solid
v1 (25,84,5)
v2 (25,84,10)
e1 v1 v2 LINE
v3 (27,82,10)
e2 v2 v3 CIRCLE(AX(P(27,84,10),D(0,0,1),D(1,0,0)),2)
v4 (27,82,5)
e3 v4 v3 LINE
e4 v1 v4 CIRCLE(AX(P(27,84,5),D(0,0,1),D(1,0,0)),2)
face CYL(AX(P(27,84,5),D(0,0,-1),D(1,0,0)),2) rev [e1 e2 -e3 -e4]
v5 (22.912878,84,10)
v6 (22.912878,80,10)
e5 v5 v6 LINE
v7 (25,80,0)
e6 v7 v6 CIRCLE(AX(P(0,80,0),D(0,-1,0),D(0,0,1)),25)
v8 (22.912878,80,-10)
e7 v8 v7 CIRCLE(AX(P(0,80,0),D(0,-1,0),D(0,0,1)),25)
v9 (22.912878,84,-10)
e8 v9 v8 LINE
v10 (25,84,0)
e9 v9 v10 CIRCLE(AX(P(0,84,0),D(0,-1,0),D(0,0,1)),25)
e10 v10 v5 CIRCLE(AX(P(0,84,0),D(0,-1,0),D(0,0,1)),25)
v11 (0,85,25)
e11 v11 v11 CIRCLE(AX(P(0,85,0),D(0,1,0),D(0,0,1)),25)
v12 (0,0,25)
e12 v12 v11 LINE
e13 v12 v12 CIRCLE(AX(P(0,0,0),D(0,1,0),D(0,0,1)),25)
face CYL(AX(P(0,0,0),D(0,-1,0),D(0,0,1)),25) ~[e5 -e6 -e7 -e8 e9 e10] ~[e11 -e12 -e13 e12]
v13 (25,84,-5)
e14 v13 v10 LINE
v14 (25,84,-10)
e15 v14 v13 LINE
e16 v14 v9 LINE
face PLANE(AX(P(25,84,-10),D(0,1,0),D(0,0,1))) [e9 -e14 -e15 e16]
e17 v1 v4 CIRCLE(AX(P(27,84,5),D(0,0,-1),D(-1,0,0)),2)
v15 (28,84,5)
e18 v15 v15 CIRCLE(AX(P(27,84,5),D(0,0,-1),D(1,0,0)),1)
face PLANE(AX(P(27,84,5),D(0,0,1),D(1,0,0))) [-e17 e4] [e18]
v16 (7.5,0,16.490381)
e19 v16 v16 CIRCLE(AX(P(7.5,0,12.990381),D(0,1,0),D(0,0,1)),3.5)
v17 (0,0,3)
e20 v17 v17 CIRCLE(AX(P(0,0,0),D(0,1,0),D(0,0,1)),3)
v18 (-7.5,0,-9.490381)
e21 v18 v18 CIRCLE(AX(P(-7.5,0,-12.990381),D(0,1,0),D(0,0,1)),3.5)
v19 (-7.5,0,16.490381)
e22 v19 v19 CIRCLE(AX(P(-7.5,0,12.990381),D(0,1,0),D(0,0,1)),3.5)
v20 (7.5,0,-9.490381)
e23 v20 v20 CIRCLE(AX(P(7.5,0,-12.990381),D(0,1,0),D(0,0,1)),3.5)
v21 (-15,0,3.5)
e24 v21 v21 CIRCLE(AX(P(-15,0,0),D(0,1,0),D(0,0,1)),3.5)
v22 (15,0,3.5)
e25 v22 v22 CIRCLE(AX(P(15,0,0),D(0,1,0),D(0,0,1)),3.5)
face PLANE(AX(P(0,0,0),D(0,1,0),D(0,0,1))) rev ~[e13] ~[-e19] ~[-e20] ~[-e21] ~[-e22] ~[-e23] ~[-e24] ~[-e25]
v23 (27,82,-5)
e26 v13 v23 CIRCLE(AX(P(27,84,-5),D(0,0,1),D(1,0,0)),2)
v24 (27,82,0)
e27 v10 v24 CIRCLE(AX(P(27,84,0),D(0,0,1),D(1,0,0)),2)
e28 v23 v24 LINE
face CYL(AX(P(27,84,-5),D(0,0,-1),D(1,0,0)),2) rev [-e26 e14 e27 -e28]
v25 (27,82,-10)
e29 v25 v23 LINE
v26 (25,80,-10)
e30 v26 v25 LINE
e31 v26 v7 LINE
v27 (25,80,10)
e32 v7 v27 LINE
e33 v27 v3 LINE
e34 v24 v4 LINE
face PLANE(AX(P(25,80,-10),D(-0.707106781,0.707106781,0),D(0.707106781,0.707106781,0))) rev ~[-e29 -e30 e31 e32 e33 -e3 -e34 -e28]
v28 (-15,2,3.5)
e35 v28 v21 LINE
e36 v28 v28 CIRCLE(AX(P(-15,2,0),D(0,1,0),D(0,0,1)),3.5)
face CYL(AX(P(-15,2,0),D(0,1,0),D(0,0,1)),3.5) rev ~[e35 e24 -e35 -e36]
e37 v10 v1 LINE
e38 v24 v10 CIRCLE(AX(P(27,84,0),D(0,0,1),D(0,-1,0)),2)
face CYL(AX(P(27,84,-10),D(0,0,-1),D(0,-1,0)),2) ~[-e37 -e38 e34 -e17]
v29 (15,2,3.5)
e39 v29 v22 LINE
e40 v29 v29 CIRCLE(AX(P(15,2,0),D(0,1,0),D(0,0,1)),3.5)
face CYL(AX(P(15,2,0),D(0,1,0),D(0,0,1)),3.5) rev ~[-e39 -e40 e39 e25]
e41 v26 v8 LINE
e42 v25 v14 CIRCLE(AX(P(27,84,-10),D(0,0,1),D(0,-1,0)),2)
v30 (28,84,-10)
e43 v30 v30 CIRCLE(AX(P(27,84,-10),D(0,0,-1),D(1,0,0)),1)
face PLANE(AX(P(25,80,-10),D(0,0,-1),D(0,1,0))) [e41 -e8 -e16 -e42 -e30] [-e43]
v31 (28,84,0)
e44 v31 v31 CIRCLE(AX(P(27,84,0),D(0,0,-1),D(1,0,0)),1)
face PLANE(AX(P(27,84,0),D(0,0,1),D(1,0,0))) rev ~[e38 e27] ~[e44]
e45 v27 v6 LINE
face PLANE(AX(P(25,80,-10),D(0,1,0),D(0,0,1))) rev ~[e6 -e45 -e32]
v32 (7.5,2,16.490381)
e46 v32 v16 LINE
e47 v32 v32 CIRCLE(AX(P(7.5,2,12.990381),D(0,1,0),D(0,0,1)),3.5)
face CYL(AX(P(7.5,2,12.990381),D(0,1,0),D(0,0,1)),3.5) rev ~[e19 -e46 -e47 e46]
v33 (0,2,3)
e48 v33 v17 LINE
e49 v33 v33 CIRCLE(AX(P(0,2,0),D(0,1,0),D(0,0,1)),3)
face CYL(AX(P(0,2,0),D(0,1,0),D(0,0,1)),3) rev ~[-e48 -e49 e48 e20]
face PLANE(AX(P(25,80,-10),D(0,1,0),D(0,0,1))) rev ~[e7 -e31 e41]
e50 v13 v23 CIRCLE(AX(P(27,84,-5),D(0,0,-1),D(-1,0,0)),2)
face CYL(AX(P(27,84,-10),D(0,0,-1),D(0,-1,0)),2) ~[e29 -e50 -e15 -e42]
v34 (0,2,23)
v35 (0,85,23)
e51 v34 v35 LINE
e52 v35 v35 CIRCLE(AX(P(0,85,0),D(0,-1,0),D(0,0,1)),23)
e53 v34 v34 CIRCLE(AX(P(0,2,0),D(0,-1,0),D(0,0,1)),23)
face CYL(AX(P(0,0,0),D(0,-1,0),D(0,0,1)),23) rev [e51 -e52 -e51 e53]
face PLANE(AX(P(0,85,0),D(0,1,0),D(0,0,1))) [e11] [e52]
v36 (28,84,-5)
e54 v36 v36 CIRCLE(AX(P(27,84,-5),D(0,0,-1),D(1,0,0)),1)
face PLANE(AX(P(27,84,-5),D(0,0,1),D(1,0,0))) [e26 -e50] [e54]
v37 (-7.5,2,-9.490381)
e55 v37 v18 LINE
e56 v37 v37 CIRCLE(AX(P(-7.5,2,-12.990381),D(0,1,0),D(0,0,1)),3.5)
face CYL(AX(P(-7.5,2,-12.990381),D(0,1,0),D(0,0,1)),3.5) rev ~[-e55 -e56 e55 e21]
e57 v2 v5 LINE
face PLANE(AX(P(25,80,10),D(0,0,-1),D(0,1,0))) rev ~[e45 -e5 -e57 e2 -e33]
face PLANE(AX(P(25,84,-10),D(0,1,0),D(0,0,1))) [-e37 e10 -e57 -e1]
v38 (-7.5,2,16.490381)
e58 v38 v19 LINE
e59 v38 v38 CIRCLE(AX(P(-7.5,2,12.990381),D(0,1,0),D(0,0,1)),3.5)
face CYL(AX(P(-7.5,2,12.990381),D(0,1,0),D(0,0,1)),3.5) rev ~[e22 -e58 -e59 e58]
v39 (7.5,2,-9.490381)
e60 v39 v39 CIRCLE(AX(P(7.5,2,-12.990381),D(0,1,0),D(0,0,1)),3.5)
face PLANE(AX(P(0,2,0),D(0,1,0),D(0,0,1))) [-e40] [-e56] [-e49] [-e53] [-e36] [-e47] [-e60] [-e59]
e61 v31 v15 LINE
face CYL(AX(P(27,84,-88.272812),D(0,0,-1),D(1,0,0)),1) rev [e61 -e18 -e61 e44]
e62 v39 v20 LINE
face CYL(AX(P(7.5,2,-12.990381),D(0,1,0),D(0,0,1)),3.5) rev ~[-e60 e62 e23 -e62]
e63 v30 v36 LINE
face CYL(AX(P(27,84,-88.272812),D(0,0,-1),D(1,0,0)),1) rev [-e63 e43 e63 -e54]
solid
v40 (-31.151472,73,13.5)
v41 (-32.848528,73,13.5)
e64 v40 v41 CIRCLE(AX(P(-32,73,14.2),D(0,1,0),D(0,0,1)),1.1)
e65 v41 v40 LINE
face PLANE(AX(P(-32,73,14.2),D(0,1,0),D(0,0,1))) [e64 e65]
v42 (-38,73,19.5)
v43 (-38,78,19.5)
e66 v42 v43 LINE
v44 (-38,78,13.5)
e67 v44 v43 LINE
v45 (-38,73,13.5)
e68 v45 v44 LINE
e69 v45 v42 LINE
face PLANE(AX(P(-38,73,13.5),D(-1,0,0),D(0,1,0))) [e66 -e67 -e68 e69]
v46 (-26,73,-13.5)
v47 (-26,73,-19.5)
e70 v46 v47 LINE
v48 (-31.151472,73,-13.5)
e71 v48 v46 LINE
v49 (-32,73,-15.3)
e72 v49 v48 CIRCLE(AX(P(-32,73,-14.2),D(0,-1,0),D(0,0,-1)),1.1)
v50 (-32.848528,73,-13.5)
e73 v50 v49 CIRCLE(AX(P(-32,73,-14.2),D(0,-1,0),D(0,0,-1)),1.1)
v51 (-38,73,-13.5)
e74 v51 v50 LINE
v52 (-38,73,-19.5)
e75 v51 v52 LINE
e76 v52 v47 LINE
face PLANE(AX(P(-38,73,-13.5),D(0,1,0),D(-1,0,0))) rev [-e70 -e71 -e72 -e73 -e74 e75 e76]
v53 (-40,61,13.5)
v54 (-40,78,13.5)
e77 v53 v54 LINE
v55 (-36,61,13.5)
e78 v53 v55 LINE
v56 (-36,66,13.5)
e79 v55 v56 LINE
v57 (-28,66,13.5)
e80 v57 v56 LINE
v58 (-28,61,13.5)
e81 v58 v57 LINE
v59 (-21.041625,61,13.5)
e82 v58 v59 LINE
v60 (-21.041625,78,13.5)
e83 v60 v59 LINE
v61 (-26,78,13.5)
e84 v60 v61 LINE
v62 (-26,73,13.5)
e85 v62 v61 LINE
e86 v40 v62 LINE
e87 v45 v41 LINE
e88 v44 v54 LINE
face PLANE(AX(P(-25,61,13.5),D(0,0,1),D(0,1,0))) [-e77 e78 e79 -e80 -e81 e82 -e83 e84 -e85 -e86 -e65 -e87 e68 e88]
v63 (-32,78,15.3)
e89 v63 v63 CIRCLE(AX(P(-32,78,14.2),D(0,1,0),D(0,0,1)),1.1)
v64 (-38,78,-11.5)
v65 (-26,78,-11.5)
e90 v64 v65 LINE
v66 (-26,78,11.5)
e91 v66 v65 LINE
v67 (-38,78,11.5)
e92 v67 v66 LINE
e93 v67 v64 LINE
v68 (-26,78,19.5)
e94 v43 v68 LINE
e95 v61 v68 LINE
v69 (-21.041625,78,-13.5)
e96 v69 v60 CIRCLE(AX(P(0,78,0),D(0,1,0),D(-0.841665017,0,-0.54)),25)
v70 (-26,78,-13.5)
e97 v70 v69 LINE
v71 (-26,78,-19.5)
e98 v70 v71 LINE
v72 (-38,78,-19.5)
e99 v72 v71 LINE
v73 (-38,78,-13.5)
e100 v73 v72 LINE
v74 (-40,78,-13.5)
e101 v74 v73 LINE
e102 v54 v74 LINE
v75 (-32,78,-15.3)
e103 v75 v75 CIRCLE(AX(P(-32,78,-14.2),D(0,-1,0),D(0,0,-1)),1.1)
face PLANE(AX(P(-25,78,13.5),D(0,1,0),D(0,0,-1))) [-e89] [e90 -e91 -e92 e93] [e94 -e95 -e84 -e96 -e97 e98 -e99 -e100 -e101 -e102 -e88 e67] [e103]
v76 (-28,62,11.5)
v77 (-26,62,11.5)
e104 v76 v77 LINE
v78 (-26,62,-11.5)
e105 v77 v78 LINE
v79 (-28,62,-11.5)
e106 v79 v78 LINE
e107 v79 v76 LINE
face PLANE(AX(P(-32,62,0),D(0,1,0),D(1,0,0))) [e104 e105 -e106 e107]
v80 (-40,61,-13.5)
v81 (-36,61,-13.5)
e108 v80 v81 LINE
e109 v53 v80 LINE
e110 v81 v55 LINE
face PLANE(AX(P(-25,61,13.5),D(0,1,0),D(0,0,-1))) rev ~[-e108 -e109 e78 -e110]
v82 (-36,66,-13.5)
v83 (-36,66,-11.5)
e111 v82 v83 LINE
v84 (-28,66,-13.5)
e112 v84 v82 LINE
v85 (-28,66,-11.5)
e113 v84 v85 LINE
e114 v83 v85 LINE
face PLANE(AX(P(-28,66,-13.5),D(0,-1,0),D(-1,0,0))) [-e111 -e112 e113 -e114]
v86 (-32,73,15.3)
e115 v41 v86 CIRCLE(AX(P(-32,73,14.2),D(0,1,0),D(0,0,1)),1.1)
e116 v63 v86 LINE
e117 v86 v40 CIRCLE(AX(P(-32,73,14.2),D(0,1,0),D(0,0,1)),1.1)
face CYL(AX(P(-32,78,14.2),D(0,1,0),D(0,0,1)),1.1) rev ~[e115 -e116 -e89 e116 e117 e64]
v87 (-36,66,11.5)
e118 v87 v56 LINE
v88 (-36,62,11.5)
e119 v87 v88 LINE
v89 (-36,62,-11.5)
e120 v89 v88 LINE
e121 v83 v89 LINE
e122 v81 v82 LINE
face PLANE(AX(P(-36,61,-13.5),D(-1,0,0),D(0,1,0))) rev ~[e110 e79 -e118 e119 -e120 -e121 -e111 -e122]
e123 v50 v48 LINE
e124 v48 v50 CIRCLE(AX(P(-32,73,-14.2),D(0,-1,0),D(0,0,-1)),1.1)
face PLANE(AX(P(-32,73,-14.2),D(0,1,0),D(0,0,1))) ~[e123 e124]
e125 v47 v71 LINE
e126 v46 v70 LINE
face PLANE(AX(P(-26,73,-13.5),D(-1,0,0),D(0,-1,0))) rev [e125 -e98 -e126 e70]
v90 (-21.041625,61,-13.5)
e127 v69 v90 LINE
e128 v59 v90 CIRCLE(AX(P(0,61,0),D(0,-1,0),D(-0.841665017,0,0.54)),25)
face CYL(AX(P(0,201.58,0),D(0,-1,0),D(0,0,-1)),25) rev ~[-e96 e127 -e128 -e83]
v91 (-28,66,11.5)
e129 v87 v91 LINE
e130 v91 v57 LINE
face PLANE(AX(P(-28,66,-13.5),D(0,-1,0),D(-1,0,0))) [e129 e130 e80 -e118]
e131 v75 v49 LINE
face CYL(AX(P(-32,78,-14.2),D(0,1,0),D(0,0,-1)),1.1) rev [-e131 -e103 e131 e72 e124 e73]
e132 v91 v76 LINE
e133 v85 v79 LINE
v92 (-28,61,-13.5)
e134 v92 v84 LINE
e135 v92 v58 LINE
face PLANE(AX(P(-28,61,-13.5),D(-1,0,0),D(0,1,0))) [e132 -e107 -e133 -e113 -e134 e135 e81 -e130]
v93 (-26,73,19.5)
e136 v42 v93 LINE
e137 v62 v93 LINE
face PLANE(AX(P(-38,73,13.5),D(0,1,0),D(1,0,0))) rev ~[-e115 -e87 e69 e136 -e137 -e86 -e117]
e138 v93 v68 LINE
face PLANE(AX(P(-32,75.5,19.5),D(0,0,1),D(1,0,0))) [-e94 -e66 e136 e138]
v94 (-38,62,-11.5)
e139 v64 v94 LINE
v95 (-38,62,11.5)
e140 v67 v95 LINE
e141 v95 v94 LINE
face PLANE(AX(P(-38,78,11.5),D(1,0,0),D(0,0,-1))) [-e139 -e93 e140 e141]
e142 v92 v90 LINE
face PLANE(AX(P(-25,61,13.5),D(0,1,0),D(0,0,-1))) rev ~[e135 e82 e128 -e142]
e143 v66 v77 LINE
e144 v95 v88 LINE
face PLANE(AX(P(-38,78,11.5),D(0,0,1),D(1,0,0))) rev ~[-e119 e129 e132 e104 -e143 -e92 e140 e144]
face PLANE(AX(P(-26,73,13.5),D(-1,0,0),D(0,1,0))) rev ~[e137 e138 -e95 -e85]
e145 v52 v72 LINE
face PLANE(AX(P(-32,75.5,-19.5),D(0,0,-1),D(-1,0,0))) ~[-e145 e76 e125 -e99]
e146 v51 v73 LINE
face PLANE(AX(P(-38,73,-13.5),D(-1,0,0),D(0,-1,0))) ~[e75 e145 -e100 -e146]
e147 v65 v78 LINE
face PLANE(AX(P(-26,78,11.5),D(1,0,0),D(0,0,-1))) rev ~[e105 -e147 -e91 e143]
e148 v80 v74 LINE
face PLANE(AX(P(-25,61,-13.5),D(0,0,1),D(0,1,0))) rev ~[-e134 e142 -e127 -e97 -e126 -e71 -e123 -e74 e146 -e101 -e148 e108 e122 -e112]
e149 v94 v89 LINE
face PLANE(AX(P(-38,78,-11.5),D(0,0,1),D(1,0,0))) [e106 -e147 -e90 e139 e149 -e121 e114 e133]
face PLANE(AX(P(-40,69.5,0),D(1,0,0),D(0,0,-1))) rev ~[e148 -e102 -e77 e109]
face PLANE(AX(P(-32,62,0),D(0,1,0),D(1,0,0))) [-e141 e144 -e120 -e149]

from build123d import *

# Parameters (mm, degrees)
SKETCH1_R                            = 25
BOSS_EXTRUDE1_DEPTH                  = 85
SHELL1_T                             = -2
SKETCH2_R                            = 3.5
CUT_EXTRUDE1_DEPTH                   = 2
BOSS_EXTRUDE4_DEPTH                  = 10
BOSS_EXTRUDE4_DEPTH_BACK             = 10
BOSS_EXTRUDE6_REACH                  = 104.572
SKETCH8_W                            = 20
SKETCH8_H                            = 4
CUT_EXTRUDE4_DEPTH                   = 98.272812234
CUT_EXTRUDE4_DEPTH_BACK              = 98.272812234
SKETCH9_R                            = 1
CUT_EXTRUDE5_START                   = -5
SKETCH10_R                           = 2
CUT_EXTRUDE5_DEPTH                   = 5
LPATTERN2_COUNT                      = 2
LPATTERN2_PITCH                      = 10
SKETCH11_W                           = 27
SKETCH11_H                           = 17
BOSS_EXTRUDE7_DEPTH                  = 15
BOSS_EXTRUDE7_DIRECTION_2_REACH      = 106.58
BOSS_EXTRUDE7_DIRECTION_2_END_RADIUS = 25
SKETCH12_W                           = 12
SKETCH12_H                           = 23
CUT_EXTRUDE6_DEPTH                   = 16
SKETCH13_W                           = 12
SKETCH13_H                           = 5
BOSS_EXTRUDE8_DEPTH                  = 6
SKETCH14_R                           = 1.1
CUT_EXTRUDE7_DEPTH                   = 5
CUT_EXTRUDE8_REACH                   = 104.363
SKETCH15_W                           = 8
SKETCH15_H                           = 5
SKETCH16_R                           = 3
CUT_EXTRUDE9_DEPTH                   = 2


with BuildPart() as part:
    # Sketch1 → Boss-Extrude1 (new body)
    with BuildSketch(Plane(origin=(0, 0, 0), x_dir=(1, 0, 0), z_dir=(0, 1, 0))):
        with Locations(Location((0, 0, 0), (0, 0, 270))):
            Circle(SKETCH1_R)
    extrude(amount=BOSS_EXTRUDE1_DEPTH)

    # Shell1
    shell1_openings = [part.faces().sort_by_distance(p)[0] for p in [
        (0, 85, 0),
    ]]
    offset(amount=SHELL1_T, openings=shell1_openings, kind=Kind.INTERSECTION)

    # Sketch2 → Cut-Extrude1 (cut)
    with BuildSketch(Plane(origin=(0, 2, 0), x_dir=(1, 0, 0), z_dir=(0, 1, 0))):
        with Locations(Location((15, 0, 0), (0, 0, 270))):
            Circle(SKETCH2_R)
        with Locations(Location((7.5, -12.990381057, 0), (0, 0, 270))):
            Circle(SKETCH2_R)
        with Locations(Location((-7.5, -12.990381057, 0), (0, 0, 270))):
            Circle(SKETCH2_R)
        with Locations(Location((-15, 0, 0), (0, 0, 270))):
            Circle(SKETCH2_R)
        with Locations(Location((-7.5, 12.990381057, 0), (0, 0, 270))):
            Circle(SKETCH2_R)
        with Locations(Location((7.5, 12.990381057, 0), (0, 0, 270))):
            Circle(SKETCH2_R)
    extrude(amount=-CUT_EXTRUDE1_DEPTH, mode=Mode.SUBTRACT)

    # Sketch8 → Boss-Extrude6 (add, up to next)
    with BuildSketch(Plane.ZY.offset(-25), mode=Mode.PRIVATE) as boss_extrude6_sk1:
        with Locations((0, 82)):
            Rectangle(SKETCH8_W, SKETCH8_H)
    boss_extrude6_tool1 = extrude(boss_extrude6_sk1.sketch, amount=BOSS_EXTRUDE6_REACH, mode=Mode.PRIVATE) - part.part


with BuildPart() as body_2:
    # Sketch3 → Boss-Extrude4 (new, two sides: drawn at the far end of the back side and taken through both)
    with BuildSketch(Plane.XY.offset(-BOSS_EXTRUDE4_DEPTH_BACK)):
        with BuildLine():
            Line((25, 84), (25, 80))
            Line((25, 80), (27, 82))
            ThreePointArc((27, 82), (28.414213562, 85.414213562), (25, 84))
        make_face()
    extrude(amount=BOSS_EXTRUDE4_DEPTH + BOSS_EXTRUDE4_DEPTH_BACK)


with BuildPart() as part_1:
    add(part.part)

    add(body_2.part)  # Boss-Extrude6 merges body 2
    add(boss_extrude6_tool1.solids().sort_by_distance((25, 82, 0))[0])
    add(boss_extrude6_tool1.solids().sort_by_distance((25, 82, 0))[1])

    # Sketch9 → Cut-Extrude4 (cut, two sides: drawn at the far end of the back side and taken through both)
    with BuildSketch(Plane.XY.offset(10).offset(-CUT_EXTRUDE4_DEPTH_BACK)):
        with Locations((27, 84)):
            Circle(SKETCH9_R)
    extrude(amount=CUT_EXTRUDE4_DEPTH + CUT_EXTRUDE4_DEPTH_BACK, mode=Mode.SUBTRACT)

    # Sketch10 → Cut-Extrude5 (cut)
    with BuildSketch(Plane.XY.offset(10).offset(CUT_EXTRUDE5_START)):
        with Locations((27, 84)):
            Circle(SKETCH10_R)
    cut_extrude5 = extrude(amount=CUT_EXTRUDE5_DEPTH, mode=Mode.SUBTRACT)

    # LPattern2: Cut-Extrude5 ×2
    with Locations(*[(0, 0, -i * LPATTERN2_PITCH) for i in range(1, LPATTERN2_COUNT)]):
        add(cut_extrude5, mode=Mode.SUBTRACT)

    # Sketch16 → Cut-Extrude9 (cut)
    with BuildSketch(Plane(origin=(0, 2, 0), x_dir=(1, 0, 0), z_dir=(0, 1, 0))):
        with Locations(Location((0, 0, 0), (0, 0, 270))):
            Circle(SKETCH16_R)
    extrude(amount=-CUT_EXTRUDE9_DEPTH, mode=Mode.SUBTRACT)


with BuildPart() as body_2_2:
    # Sketch11 → Boss-Extrude7 (new body)
    with BuildSketch(Plane(origin=(-25, 0, 0), x_dir=(0, 0, -1), z_dir=(1, 0, 0))):
        with Locations((0, 69.5)):
            Rectangle(SKETCH11_W, SKETCH11_H)
    extrude(amount=-BOSS_EXTRUDE7_DEPTH)

    # Boss-Extrude7 direction 2: up to this cylinder (the profile starts outside it)
    boss_extrude7_direction_2_end = Plane(origin=(0, 69.5, 0), z_dir=(0, -1, 0)) * Cylinder(BOSS_EXTRUDE7_DIRECTION_2_END_RADIUS, 264.16, mode=Mode.PRIVATE)
    # Sketch11 → Boss-Extrude7 direction 2 (add, up to the surface)
    with BuildSketch(Plane(origin=(-25, 0, 0), x_dir=(0, 0, -1), z_dir=(1, 0, 0)), mode=Mode.PRIVATE) as boss_extrude7_direction_2_sk1:
        with Locations((0, 69.5)):
            Rectangle(SKETCH11_W, SKETCH11_H)
    boss_extrude7_direction_2_tool1 = extrude(boss_extrude7_direction_2_sk1.sketch, amount=BOSS_EXTRUDE7_DIRECTION_2_REACH, mode=Mode.PRIVATE) - boss_extrude7_direction_2_end
    add(boss_extrude7_direction_2_tool1.solids().sort_by_distance((-25, 69.5, 0))[0])
    add(boss_extrude7_direction_2_tool1.solids().sort_by_distance((-25, 69.5, 0))[1])

    # Sketch12 → Cut-Extrude6 (cut)
    with BuildSketch(Plane(origin=(0, 78, 0), x_dir=(1, 0, 0), z_dir=(0, 1, 0))):
        with Locations((-32, 0)):
            Rectangle(SKETCH12_W, SKETCH12_H)
    extrude(amount=-CUT_EXTRUDE6_DEPTH, mode=Mode.SUBTRACT)

    # Sketch13 → Boss-Extrude8 (add)
    with BuildSketch(Plane.XY.offset(13.5)):
        with Locations((-32, 75.5)):
            Rectangle(SKETCH13_W, SKETCH13_H)
    boss_extrude8 = extrude(amount=BOSS_EXTRUDE8_DEPTH)

    # Sketch14 → Cut-Extrude7 (cut)
    with BuildSketch(Plane(origin=(0, 78, 0), x_dir=(1, 0, 0), z_dir=(0, 1, 0))):
        with Locations(Location((-32, -14.2, 0), (0, 0, 270))):
            Circle(SKETCH14_R)
    cut_extrude7 = extrude(amount=-CUT_EXTRUDE7_DEPTH, mode=Mode.SUBTRACT)

    # Mirror1: Boss-Extrude8, Cut-Extrude7 across plane
    add(boss_extrude8.mirror(Plane.XY))
    add(cut_extrude7.mirror(Plane.XY), mode=Mode.SUBTRACT)

    # Cut-Extrude8: up to this face of the body (flat: up to its plane)
    cut_extrude8_end = Plane(body_2_2.part.faces().sort_by_distance((-30.182445112, 68.127485799, 13.5))[0])
    # Sketch15 → Cut-Extrude8 (cut, up to the picked face)
    with BuildSketch(Plane(origin=(0, 0, -13.5), x_dir=(-1, 0, 0), z_dir=(0, 0, -1)), mode=Mode.PRIVATE) as cut_extrude8_sk1:
        with Locations((32, 63.5)):
            Rectangle(SKETCH15_W, SKETCH15_H)
    cut_extrude8_tool1 = split(extrude(cut_extrude8_sk1.sketch, amount=-CUT_EXTRUDE8_REACH, mode=Mode.PRIVATE), bisect_by=cut_extrude8_end, keep=Keep.BOTH, mode=Mode.PRIVATE)
    add(cut_extrude8_tool1.solids().sort_by(Axis((-32, 63.5, -13.5), (0, 0, 1)))[0], mode=Mode.SUBTRACT)


solid = Compound([part_1.part, body_2_2.part])
